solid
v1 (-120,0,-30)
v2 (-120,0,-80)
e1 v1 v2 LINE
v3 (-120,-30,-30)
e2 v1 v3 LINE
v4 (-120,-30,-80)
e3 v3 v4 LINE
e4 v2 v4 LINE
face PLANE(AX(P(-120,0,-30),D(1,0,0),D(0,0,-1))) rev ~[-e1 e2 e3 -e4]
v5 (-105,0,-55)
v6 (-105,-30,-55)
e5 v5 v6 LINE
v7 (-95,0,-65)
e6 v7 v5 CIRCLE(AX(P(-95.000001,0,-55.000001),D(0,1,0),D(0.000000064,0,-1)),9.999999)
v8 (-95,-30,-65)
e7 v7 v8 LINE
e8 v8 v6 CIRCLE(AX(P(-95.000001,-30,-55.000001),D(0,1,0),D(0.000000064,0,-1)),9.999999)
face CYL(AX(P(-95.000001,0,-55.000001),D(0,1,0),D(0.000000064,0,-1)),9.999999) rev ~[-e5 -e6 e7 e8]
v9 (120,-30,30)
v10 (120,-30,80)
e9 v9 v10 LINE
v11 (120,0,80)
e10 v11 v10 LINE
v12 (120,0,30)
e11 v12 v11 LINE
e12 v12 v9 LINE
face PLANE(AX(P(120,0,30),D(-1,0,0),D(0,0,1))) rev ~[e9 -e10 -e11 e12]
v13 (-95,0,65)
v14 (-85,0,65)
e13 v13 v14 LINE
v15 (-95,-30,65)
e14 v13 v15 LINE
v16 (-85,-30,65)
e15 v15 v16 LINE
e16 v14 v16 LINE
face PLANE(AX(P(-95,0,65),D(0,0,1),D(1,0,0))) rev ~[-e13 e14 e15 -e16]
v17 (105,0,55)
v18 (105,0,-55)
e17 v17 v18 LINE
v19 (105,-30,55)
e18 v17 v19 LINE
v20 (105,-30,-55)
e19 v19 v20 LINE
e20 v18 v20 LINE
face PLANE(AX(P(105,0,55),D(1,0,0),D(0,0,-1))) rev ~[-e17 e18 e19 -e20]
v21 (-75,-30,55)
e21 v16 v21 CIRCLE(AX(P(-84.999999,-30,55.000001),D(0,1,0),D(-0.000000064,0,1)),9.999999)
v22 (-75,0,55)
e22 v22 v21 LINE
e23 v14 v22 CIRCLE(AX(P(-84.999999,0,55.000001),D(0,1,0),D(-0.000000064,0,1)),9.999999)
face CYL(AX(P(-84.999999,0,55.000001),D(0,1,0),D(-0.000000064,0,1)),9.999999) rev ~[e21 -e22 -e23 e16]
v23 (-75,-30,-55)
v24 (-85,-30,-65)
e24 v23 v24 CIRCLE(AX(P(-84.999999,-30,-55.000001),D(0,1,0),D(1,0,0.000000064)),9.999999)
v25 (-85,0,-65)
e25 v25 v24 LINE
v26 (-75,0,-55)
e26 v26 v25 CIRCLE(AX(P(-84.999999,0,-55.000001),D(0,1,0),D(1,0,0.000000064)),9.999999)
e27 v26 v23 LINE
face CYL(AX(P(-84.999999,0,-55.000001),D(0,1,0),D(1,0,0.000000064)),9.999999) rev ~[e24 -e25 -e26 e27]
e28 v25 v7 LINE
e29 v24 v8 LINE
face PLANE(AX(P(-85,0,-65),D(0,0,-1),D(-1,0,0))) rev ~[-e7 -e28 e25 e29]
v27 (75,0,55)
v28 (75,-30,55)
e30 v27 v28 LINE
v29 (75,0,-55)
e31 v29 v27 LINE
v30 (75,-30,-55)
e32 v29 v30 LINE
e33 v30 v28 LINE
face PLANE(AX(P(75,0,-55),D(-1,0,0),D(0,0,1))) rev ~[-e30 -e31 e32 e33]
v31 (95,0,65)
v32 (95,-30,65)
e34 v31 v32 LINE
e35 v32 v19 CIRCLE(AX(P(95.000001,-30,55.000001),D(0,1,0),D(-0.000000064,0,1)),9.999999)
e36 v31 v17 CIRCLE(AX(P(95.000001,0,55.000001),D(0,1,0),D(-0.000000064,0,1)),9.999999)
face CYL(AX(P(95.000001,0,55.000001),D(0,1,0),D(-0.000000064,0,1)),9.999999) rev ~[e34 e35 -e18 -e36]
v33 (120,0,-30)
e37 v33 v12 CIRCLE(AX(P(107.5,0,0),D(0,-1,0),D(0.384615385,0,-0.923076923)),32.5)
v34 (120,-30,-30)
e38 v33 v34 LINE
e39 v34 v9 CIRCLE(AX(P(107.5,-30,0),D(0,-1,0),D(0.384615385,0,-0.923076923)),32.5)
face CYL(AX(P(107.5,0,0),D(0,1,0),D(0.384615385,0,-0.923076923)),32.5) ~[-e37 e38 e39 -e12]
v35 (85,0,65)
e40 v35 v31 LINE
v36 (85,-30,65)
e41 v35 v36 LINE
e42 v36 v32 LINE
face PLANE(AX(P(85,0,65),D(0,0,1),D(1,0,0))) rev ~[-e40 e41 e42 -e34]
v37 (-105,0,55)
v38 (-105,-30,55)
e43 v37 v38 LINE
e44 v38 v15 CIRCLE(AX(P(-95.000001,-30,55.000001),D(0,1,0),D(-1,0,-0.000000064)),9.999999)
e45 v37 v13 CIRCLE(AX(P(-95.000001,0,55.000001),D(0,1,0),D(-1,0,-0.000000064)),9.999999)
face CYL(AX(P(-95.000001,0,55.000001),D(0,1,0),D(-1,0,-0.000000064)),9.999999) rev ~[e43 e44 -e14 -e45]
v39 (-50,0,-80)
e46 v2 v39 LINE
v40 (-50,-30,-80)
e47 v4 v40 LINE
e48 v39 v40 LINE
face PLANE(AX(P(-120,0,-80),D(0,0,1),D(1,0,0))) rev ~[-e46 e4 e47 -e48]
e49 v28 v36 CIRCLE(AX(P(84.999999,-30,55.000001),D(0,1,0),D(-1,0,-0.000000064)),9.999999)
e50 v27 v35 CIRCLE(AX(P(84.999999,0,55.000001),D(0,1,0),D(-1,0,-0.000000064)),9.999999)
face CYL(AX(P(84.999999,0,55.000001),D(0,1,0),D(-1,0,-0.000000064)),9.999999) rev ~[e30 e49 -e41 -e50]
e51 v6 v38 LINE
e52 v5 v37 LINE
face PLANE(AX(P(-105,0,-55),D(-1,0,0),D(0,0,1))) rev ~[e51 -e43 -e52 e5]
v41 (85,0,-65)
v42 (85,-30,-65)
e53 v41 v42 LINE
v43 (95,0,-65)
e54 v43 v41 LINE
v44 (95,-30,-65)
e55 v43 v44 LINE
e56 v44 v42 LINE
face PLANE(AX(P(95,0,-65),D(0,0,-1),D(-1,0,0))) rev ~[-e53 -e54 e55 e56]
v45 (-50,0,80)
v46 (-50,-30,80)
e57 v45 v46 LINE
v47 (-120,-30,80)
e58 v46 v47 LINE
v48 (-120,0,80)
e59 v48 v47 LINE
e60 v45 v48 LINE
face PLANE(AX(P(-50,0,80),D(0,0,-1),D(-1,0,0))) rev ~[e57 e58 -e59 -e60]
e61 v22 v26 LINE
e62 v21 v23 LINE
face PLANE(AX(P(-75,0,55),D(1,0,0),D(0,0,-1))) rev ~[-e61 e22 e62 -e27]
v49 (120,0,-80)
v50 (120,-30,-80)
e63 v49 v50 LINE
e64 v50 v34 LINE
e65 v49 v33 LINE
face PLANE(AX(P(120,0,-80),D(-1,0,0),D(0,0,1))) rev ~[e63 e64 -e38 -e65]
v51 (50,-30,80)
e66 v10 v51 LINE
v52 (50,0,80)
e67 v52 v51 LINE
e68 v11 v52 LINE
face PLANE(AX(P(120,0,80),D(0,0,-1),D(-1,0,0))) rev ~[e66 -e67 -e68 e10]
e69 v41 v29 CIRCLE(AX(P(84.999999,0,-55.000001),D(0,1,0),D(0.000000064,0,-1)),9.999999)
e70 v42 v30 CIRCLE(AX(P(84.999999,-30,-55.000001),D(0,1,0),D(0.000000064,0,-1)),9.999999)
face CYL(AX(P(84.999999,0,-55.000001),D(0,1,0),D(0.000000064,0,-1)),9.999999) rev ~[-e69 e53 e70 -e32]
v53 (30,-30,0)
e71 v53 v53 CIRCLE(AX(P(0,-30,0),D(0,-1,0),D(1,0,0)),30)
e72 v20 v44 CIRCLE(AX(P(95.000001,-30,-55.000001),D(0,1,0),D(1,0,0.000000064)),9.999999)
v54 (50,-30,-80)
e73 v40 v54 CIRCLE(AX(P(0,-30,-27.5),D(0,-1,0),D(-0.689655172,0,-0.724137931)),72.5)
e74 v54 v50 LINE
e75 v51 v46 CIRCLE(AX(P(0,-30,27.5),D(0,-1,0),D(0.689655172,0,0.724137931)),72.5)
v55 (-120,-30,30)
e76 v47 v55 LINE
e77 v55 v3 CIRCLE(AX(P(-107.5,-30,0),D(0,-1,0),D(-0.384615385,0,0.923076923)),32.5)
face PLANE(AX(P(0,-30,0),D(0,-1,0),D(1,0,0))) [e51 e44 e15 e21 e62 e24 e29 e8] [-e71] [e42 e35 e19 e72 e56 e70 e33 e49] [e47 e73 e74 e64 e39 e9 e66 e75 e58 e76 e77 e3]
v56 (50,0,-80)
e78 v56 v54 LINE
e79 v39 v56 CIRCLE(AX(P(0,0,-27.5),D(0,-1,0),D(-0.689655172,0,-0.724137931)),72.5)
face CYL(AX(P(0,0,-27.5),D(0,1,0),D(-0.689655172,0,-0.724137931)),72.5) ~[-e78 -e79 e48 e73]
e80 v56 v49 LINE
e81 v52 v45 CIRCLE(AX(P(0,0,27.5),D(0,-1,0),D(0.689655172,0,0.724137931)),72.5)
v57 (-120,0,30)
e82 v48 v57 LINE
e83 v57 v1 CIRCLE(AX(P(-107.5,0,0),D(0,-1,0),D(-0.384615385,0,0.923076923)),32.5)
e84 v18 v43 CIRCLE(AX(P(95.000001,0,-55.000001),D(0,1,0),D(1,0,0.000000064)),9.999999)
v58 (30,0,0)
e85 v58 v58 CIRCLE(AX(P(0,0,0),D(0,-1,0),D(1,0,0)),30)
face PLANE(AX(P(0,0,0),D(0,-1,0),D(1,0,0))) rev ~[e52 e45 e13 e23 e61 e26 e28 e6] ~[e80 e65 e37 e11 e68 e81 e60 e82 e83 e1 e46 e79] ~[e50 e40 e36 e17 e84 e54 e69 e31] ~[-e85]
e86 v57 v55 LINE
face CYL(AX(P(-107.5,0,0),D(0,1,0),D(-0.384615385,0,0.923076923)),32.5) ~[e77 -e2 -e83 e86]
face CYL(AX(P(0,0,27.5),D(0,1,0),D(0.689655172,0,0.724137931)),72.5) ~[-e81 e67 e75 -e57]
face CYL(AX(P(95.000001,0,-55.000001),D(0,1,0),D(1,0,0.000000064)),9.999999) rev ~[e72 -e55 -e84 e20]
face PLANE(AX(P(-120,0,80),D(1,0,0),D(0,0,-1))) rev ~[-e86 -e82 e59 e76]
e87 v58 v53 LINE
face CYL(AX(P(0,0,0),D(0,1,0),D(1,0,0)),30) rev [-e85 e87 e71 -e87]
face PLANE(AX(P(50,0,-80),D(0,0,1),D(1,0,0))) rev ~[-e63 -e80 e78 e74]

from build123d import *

# Parameters (mm, degrees)
F0_R     = 30
F1_DEPTH = 30


with BuildPart() as f1:
    # F0 (on Front) → F1 (new body)
    with BuildSketch(Plane.XZ):
        with BuildLine():
            Line((-50, 80), (-120, 80))
            Line((-120, 80), (-120, 30))
            ThreePointArc((-120, 30), (-140, 0), (-120, -30))
            Line((-120, -30), (-120, -80))
            Line((-120, -80), (-50, -80))
            ThreePointArc((-50, -80), (0, -100), (50, -80))
            Line((50, -80), (120, -80))
            Line((120, -80), (120, -30))
            ThreePointArc((120, -30), (140, 0), (120, 30))
            Line((120, 30), (120, 80))
            Line((120, 80), (50, 80))
            ThreePointArc((50, 80), (0, 100), (-50, 80))
        make_face()
        with BuildLine():
            ThreePointArc((-105, 55), (-102.071068, 62.071068), (-95, 65))
            Line((-95, 65), (-85, 65))
            ThreePointArc((-85, 65), (-77.928932, 62.071068), (-75, 55))
            Line((-75, 55), (-75, -55))
            ThreePointArc((-75, -55), (-77.928932, -62.071068), (-85, -65))
            Line((-85, -65), (-95, -65))
            ThreePointArc((-95, -65), (-102.071068, -62.071068), (-105, -55))
            Line((-105, -55), (-105, 55))
        make_face(mode=Mode.SUBTRACT)
        Circle(F0_R, mode=Mode.SUBTRACT)
        with BuildLine():
            ThreePointArc((105, -55), (102.071068, -62.071068), (95, -65))
            Line((95, -65), (85, -65))
            ThreePointArc((85, -65), (77.928932, -62.071068), (75, -55))
            Line((75, -55), (75, 55))
            ThreePointArc((75, 55), (77.928932, 62.071068), (85, 65))
            Line((85, 65), (95, 65))
            ThreePointArc((95, 65), (102.071068, 62.071068), (105, 55))
            Line((105, 55), (105, -55))
        make_face(mode=Mode.SUBTRACT)
    extrude(amount=F1_DEPTH)


solid = f1.part
